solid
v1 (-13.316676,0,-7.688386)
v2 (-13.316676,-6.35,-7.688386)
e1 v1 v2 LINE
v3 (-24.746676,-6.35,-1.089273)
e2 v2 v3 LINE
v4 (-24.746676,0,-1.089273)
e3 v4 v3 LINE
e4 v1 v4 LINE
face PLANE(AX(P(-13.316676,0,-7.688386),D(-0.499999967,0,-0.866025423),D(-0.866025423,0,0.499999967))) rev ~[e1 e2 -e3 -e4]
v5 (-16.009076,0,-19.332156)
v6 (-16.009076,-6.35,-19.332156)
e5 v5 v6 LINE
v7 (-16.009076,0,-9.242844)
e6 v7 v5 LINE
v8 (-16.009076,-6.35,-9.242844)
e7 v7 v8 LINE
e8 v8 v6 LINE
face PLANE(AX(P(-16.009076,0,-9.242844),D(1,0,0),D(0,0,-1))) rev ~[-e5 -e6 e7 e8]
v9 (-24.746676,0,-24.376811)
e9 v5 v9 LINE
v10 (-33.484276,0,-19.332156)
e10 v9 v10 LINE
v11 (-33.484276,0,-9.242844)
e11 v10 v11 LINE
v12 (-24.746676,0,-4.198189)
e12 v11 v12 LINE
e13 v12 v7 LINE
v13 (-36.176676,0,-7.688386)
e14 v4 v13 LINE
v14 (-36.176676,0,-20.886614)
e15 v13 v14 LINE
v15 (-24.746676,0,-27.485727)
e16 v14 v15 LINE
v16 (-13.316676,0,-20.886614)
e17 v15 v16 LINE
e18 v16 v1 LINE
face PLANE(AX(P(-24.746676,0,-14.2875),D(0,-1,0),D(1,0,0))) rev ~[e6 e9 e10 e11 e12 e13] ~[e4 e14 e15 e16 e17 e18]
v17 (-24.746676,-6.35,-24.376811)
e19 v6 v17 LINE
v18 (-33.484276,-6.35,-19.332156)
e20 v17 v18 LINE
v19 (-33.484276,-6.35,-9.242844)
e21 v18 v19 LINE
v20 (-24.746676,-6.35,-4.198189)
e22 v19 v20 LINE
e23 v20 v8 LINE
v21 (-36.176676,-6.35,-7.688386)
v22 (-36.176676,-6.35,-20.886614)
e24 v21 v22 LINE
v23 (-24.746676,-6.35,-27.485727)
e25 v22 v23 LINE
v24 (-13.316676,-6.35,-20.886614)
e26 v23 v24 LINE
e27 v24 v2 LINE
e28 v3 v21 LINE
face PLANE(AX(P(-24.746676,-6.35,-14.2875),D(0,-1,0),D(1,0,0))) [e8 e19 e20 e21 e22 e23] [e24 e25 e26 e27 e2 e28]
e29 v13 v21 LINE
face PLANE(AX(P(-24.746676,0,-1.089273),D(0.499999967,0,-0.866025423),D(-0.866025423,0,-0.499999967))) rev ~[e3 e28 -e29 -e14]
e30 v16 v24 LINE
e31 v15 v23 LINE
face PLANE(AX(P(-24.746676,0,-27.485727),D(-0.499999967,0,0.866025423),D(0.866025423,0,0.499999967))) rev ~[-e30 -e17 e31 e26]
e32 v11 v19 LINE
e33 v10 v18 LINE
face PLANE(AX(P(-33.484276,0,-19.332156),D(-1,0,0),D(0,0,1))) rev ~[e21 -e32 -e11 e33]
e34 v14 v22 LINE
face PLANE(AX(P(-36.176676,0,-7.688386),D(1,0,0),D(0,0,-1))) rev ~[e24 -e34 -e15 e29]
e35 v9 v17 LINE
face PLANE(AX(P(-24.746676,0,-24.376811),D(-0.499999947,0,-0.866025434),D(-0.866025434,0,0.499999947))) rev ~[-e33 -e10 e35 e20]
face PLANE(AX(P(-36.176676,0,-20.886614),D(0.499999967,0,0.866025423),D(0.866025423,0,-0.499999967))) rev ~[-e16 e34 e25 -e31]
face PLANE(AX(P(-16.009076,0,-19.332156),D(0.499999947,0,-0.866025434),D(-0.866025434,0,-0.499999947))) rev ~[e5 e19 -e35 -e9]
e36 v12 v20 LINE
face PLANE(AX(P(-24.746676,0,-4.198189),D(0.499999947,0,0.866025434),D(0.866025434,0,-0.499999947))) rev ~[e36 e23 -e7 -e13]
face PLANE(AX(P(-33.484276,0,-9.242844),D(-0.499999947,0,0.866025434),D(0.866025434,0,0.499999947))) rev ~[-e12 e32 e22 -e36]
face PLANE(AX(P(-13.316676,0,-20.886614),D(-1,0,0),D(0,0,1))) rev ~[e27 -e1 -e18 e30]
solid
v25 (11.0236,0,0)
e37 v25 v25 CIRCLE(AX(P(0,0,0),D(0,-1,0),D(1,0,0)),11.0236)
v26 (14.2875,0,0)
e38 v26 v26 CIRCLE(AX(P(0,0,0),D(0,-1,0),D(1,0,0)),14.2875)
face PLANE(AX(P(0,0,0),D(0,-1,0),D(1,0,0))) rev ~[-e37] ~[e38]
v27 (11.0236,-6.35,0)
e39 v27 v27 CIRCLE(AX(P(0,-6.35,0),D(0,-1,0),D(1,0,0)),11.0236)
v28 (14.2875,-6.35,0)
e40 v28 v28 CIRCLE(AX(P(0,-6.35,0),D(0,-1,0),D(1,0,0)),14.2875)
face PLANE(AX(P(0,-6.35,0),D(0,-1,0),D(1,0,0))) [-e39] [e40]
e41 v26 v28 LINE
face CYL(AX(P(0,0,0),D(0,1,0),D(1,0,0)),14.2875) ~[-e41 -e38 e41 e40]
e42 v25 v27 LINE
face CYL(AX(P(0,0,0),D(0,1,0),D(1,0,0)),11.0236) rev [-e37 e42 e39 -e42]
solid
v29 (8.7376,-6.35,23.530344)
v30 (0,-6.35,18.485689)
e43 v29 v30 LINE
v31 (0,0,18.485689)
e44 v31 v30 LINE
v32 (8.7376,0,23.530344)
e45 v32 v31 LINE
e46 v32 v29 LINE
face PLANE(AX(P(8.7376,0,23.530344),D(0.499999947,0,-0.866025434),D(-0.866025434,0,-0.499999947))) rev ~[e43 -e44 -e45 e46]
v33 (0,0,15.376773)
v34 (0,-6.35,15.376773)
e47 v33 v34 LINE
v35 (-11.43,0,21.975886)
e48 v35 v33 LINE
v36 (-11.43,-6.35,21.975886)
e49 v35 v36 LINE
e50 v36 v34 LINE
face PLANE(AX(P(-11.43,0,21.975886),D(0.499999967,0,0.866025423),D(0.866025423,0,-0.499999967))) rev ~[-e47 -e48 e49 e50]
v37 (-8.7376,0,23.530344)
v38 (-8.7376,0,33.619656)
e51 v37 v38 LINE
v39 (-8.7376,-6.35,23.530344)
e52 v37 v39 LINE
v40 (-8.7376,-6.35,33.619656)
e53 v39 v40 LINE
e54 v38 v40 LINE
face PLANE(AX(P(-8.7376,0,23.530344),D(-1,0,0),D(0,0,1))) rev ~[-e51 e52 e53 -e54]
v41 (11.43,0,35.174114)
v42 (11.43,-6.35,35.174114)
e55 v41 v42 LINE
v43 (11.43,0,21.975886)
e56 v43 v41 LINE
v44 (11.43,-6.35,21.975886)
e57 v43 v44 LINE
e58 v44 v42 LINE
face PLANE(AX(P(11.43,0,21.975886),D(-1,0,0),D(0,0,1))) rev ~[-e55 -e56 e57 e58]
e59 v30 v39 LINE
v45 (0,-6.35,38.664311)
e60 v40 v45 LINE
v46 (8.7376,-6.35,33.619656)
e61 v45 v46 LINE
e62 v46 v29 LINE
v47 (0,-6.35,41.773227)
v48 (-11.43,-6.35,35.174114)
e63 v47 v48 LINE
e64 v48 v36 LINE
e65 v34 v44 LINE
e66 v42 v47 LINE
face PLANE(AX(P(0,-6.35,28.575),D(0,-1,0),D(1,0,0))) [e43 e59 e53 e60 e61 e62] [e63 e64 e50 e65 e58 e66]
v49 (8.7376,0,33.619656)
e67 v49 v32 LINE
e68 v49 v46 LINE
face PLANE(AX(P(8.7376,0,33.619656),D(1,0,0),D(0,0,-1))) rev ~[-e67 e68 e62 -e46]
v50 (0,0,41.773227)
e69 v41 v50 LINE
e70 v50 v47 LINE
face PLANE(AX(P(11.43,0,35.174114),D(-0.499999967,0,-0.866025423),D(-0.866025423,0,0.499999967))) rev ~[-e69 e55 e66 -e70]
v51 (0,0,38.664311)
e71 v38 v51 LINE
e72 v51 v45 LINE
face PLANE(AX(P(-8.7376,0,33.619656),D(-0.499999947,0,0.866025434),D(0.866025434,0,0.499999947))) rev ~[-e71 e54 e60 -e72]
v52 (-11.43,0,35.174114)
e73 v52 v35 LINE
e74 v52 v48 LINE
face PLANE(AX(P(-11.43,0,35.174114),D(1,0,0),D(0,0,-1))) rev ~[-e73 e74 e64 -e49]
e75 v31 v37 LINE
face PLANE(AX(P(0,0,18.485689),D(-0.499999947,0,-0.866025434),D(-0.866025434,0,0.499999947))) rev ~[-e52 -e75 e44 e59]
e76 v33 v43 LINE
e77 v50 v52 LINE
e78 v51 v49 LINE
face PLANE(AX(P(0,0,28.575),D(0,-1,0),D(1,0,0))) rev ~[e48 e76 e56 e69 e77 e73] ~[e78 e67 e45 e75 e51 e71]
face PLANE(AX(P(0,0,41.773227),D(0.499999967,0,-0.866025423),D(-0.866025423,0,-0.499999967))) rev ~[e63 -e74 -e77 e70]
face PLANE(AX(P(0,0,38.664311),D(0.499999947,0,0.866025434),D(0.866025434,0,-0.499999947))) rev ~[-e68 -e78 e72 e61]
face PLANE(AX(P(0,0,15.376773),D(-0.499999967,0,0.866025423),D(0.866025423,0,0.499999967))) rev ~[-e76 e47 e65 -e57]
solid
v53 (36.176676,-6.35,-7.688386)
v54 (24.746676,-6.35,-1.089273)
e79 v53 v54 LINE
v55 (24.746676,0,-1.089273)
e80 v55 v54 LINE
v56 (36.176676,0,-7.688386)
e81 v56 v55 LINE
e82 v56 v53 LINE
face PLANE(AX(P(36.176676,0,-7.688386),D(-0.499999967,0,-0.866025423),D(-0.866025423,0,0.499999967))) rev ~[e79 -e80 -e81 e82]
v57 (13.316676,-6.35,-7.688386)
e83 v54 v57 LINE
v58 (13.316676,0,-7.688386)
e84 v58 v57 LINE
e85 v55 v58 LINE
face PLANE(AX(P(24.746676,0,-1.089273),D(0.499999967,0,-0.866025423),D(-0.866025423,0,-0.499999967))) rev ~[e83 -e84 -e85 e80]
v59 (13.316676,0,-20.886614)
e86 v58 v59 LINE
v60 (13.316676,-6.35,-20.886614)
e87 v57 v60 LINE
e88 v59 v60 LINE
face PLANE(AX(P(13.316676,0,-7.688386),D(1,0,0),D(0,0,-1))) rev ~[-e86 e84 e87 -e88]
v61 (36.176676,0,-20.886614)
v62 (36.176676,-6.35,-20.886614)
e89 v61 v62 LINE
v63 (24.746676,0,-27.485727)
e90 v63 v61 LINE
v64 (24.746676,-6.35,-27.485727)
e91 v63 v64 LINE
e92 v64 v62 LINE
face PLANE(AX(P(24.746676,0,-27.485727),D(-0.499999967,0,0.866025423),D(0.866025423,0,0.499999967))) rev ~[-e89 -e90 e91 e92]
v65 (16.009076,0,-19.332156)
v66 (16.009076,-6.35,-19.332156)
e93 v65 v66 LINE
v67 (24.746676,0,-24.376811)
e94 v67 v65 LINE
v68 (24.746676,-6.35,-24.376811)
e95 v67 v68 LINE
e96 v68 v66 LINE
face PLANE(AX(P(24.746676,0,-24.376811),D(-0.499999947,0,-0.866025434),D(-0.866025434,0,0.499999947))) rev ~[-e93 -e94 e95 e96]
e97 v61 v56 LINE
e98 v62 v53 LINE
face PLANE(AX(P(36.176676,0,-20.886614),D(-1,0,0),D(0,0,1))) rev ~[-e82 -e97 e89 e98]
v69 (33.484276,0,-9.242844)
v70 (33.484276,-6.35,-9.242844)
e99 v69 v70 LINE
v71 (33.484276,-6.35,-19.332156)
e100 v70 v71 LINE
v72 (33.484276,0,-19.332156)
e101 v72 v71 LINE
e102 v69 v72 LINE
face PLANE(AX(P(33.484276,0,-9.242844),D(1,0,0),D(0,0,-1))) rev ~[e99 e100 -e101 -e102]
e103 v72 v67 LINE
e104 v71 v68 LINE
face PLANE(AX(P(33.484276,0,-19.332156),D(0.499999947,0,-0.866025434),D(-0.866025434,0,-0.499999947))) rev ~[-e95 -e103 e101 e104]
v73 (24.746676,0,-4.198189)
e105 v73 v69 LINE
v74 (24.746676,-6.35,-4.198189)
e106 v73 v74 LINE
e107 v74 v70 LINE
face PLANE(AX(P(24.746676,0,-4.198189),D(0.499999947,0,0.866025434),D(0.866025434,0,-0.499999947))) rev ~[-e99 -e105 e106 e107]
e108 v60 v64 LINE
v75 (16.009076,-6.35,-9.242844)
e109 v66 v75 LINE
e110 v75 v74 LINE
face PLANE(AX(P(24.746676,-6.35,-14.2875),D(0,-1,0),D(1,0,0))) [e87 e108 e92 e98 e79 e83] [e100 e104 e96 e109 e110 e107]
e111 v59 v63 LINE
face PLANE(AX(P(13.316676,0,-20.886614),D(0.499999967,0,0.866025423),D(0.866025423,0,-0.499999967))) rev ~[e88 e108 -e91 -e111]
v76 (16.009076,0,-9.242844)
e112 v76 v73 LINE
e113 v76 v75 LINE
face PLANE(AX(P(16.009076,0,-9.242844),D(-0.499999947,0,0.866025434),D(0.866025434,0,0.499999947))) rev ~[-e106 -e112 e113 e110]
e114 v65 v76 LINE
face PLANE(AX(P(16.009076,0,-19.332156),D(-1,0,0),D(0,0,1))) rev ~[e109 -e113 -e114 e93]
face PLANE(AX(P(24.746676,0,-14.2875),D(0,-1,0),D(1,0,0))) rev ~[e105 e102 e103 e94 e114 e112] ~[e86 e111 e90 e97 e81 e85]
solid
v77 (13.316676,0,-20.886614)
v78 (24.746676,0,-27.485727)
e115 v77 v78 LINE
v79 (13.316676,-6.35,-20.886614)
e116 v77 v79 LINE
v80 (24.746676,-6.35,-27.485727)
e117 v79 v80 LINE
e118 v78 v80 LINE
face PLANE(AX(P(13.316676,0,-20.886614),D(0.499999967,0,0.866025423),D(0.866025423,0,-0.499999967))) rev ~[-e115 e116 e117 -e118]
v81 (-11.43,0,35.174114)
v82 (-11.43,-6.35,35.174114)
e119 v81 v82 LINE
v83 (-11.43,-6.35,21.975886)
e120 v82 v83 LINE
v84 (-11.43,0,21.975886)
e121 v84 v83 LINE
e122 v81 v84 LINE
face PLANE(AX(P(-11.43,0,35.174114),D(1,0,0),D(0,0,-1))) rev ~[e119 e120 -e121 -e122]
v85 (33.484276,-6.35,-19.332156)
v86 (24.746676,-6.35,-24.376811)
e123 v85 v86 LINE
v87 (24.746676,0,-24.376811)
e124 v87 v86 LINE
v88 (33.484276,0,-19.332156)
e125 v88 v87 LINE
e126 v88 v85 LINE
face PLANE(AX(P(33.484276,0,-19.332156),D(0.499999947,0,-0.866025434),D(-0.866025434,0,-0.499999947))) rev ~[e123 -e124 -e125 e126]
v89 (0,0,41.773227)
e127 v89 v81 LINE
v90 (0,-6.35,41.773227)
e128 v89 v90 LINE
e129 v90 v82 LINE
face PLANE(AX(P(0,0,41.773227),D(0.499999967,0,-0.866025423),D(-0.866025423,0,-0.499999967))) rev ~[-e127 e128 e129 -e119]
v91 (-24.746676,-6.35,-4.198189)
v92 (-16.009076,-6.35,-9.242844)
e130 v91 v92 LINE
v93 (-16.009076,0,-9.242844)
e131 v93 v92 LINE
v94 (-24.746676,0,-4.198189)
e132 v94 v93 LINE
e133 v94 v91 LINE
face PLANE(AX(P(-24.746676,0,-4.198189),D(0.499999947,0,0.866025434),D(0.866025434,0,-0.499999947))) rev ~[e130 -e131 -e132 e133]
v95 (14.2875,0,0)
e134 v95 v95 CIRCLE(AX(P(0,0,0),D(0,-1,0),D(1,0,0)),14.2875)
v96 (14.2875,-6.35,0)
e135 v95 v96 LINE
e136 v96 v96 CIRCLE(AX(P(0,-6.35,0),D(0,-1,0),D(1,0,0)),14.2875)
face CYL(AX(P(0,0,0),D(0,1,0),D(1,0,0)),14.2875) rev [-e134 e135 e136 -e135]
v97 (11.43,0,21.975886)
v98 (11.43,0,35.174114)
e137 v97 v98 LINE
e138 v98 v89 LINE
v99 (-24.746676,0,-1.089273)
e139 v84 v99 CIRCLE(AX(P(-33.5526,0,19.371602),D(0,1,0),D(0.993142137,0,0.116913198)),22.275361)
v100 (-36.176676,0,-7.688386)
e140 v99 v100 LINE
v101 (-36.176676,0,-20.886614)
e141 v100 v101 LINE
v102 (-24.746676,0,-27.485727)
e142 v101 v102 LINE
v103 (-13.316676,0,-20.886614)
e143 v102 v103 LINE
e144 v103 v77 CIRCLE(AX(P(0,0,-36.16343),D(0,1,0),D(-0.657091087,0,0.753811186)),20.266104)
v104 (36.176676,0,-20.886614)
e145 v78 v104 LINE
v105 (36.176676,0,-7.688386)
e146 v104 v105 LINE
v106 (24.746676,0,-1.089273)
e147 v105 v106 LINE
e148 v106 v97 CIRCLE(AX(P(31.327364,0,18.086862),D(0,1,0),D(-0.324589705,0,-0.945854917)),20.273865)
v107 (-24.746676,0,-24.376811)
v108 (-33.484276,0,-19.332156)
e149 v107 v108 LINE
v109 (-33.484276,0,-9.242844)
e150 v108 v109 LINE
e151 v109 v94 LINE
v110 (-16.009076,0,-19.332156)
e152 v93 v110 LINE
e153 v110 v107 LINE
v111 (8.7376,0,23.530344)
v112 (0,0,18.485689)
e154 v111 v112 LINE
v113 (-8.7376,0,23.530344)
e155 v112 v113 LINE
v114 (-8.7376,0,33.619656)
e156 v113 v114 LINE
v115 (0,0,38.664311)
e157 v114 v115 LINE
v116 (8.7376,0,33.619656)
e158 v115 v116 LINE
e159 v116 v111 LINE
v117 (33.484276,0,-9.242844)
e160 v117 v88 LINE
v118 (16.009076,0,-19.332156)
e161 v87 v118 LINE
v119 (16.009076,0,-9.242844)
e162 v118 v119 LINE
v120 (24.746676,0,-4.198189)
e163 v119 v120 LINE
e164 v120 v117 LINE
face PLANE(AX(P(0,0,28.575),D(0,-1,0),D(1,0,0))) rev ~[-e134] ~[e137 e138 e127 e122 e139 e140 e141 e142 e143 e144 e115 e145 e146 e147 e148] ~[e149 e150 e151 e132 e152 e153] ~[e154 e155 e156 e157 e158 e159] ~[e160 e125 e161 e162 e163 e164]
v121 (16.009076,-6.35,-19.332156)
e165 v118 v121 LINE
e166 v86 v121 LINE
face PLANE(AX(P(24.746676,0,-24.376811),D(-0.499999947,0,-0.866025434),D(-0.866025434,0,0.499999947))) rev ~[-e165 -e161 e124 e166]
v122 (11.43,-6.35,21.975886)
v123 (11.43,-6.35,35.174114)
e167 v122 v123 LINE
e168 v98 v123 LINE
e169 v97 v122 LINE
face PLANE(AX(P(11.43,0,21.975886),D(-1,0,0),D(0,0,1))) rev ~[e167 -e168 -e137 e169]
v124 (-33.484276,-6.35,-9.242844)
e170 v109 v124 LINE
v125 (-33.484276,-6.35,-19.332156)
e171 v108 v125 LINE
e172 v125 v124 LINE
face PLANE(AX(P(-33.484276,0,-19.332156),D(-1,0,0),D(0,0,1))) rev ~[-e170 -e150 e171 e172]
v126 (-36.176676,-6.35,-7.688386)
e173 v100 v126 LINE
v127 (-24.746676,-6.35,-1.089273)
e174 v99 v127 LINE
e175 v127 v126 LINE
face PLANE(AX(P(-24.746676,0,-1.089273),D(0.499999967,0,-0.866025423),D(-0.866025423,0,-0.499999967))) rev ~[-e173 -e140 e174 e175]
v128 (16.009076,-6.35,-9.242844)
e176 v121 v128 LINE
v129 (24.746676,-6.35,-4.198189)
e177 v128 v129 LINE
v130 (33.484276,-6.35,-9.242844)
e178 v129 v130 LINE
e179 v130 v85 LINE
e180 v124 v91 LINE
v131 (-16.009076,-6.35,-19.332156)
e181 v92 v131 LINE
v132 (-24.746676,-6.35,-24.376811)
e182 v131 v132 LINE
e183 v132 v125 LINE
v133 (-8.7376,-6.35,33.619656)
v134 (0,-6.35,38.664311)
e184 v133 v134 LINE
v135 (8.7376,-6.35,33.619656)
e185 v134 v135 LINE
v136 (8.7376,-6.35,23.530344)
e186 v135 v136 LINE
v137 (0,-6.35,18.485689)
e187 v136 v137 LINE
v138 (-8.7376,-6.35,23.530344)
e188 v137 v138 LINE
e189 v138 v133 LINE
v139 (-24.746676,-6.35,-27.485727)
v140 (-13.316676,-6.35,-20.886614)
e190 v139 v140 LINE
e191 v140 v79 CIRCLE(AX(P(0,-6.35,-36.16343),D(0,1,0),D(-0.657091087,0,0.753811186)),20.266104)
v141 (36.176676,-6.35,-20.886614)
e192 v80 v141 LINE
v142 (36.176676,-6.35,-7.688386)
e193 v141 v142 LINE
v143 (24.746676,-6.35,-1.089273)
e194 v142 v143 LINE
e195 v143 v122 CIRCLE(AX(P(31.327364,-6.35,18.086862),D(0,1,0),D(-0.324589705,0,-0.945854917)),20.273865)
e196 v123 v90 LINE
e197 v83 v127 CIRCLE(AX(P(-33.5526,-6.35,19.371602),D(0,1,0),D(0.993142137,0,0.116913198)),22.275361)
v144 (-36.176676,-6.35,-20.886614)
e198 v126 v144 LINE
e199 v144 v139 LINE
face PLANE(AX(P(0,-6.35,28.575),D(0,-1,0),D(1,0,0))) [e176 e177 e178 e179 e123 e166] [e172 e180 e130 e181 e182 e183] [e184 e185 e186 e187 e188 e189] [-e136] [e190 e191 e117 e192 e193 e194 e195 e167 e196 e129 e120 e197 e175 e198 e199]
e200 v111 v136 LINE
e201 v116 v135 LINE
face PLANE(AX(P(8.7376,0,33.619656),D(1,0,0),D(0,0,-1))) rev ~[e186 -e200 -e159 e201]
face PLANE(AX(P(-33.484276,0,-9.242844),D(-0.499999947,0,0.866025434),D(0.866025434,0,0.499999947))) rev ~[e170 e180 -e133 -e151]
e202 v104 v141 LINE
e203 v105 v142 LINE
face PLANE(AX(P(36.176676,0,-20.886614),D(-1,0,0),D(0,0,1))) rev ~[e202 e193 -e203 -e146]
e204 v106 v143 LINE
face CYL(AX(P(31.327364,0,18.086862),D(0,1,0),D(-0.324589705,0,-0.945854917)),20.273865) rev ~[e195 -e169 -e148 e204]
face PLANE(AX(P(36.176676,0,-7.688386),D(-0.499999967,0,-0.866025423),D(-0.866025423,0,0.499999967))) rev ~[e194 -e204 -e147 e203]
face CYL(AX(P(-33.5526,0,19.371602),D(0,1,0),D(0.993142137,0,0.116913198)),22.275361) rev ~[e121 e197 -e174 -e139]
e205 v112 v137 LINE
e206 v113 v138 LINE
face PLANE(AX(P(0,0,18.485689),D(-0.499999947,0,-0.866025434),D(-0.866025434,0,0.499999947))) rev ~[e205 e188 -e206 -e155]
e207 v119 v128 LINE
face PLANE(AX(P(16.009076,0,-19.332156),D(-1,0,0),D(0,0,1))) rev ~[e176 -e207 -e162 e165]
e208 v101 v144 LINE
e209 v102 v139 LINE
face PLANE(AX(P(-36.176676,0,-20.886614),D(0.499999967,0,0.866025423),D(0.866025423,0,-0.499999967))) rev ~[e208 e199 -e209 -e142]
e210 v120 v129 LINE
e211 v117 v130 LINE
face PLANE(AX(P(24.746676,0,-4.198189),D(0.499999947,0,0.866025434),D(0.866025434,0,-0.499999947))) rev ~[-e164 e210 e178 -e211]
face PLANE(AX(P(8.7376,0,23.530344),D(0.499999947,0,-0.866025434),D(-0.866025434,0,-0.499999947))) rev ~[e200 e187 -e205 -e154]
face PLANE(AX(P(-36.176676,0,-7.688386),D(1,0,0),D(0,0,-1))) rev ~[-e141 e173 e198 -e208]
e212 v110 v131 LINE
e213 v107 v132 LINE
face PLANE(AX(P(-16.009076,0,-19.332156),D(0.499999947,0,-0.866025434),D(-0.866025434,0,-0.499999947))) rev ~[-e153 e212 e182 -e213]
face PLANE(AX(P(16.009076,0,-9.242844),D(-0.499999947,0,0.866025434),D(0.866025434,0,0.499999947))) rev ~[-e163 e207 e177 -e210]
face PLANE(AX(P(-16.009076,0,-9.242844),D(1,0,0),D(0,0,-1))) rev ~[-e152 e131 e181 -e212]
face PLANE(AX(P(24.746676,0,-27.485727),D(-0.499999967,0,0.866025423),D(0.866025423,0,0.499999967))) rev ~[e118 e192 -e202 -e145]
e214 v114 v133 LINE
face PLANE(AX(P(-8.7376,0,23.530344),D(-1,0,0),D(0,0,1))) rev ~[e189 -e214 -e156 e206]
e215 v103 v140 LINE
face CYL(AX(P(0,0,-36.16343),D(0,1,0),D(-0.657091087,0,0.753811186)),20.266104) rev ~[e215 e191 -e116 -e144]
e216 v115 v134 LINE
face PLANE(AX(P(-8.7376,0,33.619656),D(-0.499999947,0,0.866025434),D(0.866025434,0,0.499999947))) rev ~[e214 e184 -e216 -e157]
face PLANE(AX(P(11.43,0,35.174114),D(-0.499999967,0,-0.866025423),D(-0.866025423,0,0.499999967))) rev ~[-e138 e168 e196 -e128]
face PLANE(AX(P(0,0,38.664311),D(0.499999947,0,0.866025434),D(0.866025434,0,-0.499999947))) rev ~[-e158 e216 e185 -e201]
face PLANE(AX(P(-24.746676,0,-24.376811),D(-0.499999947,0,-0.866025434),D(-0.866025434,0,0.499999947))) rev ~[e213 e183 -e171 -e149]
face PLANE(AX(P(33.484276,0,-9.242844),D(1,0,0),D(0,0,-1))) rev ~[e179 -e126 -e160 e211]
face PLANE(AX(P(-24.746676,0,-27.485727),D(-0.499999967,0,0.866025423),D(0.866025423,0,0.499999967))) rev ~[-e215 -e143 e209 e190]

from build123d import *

# Parameters (mm, degrees)
F0_R     = 14.2875
F0_R_2   = 11.0236
F2_DEPTH = 6.35
F3_DEPTH = 6.35


with BuildPart() as f2:
    # F0 (on Front) → F2 (new body)
    with BuildSketch(Plane.XZ):
        Polygon((-13.316676, -7.688386), (-24.746676, -1.089273), (-36.176676, -7.688386), (-36.176676, -20.886614), (-24.746676, -27.485727), (-13.316676, -20.886614), align=None)
        Polygon((-16.009076, -19.332156), (-24.746676, -24.376811), (-33.484276, -19.332156), (-33.484276, -9.242844), (-24.746676, -4.198189), (-16.009076, -9.242844), align=None, mode=Mode.SUBTRACT)
        Polygon((36.176676, -7.688386), (24.746676, -1.089273), (13.316676, -7.688386), (13.316676, -20.886614), (24.746676, -27.485727), (36.176676, -20.886614), align=None)
        Polygon((24.746676, -4.198189), (33.484276, -9.242844), (33.484276, -19.332156), (24.746676, -24.376811), (16.009076, -19.332156), (16.009076, -9.242844), align=None, mode=Mode.SUBTRACT)
        Polygon((-11.43, 35.174114), (-11.43, 21.975886), (0, 15.376773), (11.43, 21.975886), (11.43, 35.174114), (0, 41.773227), align=None)
        Polygon((0, 18.485689), (-8.7376, 23.530344), (-8.7376, 33.619656), (0, 38.664311), (8.7376, 33.619656), (8.7376, 23.530344), align=None, mode=Mode.SUBTRACT)
        Circle(F0_R)
        Circle(F0_R_2, mode=Mode.SUBTRACT)
    extrude(amount=F2_DEPTH)


with BuildPart() as f3:
    # F0 (on Front) → F3 (new body)
    with BuildSketch(Plane.XZ):
        Polygon((-11.43, 35.174114), (-11.43, 21.975886), (0, 15.376773), (11.43, 21.975886), (11.43, 35.174114), (0, 41.773227), align=None)
        Polygon((0, 18.485689), (-8.7376, 23.530344), (-8.7376, 33.619656), (0, 38.664311), (8.7376, 33.619656), (8.7376, 23.530344), align=None, mode=Mode.SUBTRACT)
        with BuildLine():
            Line((0, 15.376773), (-11.43, 21.975886))
            ThreePointArc((-11.43, 21.975886), (-14.261571, 8.233922), (-24.746676, -1.089273))
            Line((-24.746676, -1.089273), (-13.316676, -7.688386))
            Line((-13.316676, -7.688386), (-13.316676, -20.886614))
            ThreePointArc((-13.316676, -20.886614), (0, -15.897326), (13.316676, -20.886614))
            Line((13.316676, -20.886614), (13.316676, -7.688386))
            Line((13.316676, -7.688386), (24.746676, -1.089273))
            ThreePointArc((24.746676, -1.089273), (13.769682, 7.949929), (11.43, 21.975886))
            Line((11.43, 21.975886), (0, 15.376773))
        make_face()
        Circle(F0_R, mode=Mode.SUBTRACT)
        Polygon((-13.316676, -7.688386), (-24.746676, -1.089273), (-36.176676, -7.688386), (-36.176676, -20.886614), (-24.746676, -27.485727), (-13.316676, -20.886614), align=None)
        Polygon((-16.009076, -19.332156), (-24.746676, -24.376811), (-33.484276, -19.332156), (-33.484276, -9.242844), (-24.746676, -4.198189), (-16.009076, -9.242844), align=None, mode=Mode.SUBTRACT)
        Polygon((36.176676, -7.688386), (24.746676, -1.089273), (13.316676, -7.688386), (13.316676, -20.886614), (24.746676, -27.485727), (36.176676, -20.886614), align=None)
        Polygon((24.746676, -4.198189), (33.484276, -9.242844), (33.484276, -19.332156), (24.746676, -24.376811), (16.009076, -19.332156), (16.009076, -9.242844), align=None, mode=Mode.SUBTRACT)
    extrude(amount=F3_DEPTH)


solid = Compound([f2.part, f3.part])
